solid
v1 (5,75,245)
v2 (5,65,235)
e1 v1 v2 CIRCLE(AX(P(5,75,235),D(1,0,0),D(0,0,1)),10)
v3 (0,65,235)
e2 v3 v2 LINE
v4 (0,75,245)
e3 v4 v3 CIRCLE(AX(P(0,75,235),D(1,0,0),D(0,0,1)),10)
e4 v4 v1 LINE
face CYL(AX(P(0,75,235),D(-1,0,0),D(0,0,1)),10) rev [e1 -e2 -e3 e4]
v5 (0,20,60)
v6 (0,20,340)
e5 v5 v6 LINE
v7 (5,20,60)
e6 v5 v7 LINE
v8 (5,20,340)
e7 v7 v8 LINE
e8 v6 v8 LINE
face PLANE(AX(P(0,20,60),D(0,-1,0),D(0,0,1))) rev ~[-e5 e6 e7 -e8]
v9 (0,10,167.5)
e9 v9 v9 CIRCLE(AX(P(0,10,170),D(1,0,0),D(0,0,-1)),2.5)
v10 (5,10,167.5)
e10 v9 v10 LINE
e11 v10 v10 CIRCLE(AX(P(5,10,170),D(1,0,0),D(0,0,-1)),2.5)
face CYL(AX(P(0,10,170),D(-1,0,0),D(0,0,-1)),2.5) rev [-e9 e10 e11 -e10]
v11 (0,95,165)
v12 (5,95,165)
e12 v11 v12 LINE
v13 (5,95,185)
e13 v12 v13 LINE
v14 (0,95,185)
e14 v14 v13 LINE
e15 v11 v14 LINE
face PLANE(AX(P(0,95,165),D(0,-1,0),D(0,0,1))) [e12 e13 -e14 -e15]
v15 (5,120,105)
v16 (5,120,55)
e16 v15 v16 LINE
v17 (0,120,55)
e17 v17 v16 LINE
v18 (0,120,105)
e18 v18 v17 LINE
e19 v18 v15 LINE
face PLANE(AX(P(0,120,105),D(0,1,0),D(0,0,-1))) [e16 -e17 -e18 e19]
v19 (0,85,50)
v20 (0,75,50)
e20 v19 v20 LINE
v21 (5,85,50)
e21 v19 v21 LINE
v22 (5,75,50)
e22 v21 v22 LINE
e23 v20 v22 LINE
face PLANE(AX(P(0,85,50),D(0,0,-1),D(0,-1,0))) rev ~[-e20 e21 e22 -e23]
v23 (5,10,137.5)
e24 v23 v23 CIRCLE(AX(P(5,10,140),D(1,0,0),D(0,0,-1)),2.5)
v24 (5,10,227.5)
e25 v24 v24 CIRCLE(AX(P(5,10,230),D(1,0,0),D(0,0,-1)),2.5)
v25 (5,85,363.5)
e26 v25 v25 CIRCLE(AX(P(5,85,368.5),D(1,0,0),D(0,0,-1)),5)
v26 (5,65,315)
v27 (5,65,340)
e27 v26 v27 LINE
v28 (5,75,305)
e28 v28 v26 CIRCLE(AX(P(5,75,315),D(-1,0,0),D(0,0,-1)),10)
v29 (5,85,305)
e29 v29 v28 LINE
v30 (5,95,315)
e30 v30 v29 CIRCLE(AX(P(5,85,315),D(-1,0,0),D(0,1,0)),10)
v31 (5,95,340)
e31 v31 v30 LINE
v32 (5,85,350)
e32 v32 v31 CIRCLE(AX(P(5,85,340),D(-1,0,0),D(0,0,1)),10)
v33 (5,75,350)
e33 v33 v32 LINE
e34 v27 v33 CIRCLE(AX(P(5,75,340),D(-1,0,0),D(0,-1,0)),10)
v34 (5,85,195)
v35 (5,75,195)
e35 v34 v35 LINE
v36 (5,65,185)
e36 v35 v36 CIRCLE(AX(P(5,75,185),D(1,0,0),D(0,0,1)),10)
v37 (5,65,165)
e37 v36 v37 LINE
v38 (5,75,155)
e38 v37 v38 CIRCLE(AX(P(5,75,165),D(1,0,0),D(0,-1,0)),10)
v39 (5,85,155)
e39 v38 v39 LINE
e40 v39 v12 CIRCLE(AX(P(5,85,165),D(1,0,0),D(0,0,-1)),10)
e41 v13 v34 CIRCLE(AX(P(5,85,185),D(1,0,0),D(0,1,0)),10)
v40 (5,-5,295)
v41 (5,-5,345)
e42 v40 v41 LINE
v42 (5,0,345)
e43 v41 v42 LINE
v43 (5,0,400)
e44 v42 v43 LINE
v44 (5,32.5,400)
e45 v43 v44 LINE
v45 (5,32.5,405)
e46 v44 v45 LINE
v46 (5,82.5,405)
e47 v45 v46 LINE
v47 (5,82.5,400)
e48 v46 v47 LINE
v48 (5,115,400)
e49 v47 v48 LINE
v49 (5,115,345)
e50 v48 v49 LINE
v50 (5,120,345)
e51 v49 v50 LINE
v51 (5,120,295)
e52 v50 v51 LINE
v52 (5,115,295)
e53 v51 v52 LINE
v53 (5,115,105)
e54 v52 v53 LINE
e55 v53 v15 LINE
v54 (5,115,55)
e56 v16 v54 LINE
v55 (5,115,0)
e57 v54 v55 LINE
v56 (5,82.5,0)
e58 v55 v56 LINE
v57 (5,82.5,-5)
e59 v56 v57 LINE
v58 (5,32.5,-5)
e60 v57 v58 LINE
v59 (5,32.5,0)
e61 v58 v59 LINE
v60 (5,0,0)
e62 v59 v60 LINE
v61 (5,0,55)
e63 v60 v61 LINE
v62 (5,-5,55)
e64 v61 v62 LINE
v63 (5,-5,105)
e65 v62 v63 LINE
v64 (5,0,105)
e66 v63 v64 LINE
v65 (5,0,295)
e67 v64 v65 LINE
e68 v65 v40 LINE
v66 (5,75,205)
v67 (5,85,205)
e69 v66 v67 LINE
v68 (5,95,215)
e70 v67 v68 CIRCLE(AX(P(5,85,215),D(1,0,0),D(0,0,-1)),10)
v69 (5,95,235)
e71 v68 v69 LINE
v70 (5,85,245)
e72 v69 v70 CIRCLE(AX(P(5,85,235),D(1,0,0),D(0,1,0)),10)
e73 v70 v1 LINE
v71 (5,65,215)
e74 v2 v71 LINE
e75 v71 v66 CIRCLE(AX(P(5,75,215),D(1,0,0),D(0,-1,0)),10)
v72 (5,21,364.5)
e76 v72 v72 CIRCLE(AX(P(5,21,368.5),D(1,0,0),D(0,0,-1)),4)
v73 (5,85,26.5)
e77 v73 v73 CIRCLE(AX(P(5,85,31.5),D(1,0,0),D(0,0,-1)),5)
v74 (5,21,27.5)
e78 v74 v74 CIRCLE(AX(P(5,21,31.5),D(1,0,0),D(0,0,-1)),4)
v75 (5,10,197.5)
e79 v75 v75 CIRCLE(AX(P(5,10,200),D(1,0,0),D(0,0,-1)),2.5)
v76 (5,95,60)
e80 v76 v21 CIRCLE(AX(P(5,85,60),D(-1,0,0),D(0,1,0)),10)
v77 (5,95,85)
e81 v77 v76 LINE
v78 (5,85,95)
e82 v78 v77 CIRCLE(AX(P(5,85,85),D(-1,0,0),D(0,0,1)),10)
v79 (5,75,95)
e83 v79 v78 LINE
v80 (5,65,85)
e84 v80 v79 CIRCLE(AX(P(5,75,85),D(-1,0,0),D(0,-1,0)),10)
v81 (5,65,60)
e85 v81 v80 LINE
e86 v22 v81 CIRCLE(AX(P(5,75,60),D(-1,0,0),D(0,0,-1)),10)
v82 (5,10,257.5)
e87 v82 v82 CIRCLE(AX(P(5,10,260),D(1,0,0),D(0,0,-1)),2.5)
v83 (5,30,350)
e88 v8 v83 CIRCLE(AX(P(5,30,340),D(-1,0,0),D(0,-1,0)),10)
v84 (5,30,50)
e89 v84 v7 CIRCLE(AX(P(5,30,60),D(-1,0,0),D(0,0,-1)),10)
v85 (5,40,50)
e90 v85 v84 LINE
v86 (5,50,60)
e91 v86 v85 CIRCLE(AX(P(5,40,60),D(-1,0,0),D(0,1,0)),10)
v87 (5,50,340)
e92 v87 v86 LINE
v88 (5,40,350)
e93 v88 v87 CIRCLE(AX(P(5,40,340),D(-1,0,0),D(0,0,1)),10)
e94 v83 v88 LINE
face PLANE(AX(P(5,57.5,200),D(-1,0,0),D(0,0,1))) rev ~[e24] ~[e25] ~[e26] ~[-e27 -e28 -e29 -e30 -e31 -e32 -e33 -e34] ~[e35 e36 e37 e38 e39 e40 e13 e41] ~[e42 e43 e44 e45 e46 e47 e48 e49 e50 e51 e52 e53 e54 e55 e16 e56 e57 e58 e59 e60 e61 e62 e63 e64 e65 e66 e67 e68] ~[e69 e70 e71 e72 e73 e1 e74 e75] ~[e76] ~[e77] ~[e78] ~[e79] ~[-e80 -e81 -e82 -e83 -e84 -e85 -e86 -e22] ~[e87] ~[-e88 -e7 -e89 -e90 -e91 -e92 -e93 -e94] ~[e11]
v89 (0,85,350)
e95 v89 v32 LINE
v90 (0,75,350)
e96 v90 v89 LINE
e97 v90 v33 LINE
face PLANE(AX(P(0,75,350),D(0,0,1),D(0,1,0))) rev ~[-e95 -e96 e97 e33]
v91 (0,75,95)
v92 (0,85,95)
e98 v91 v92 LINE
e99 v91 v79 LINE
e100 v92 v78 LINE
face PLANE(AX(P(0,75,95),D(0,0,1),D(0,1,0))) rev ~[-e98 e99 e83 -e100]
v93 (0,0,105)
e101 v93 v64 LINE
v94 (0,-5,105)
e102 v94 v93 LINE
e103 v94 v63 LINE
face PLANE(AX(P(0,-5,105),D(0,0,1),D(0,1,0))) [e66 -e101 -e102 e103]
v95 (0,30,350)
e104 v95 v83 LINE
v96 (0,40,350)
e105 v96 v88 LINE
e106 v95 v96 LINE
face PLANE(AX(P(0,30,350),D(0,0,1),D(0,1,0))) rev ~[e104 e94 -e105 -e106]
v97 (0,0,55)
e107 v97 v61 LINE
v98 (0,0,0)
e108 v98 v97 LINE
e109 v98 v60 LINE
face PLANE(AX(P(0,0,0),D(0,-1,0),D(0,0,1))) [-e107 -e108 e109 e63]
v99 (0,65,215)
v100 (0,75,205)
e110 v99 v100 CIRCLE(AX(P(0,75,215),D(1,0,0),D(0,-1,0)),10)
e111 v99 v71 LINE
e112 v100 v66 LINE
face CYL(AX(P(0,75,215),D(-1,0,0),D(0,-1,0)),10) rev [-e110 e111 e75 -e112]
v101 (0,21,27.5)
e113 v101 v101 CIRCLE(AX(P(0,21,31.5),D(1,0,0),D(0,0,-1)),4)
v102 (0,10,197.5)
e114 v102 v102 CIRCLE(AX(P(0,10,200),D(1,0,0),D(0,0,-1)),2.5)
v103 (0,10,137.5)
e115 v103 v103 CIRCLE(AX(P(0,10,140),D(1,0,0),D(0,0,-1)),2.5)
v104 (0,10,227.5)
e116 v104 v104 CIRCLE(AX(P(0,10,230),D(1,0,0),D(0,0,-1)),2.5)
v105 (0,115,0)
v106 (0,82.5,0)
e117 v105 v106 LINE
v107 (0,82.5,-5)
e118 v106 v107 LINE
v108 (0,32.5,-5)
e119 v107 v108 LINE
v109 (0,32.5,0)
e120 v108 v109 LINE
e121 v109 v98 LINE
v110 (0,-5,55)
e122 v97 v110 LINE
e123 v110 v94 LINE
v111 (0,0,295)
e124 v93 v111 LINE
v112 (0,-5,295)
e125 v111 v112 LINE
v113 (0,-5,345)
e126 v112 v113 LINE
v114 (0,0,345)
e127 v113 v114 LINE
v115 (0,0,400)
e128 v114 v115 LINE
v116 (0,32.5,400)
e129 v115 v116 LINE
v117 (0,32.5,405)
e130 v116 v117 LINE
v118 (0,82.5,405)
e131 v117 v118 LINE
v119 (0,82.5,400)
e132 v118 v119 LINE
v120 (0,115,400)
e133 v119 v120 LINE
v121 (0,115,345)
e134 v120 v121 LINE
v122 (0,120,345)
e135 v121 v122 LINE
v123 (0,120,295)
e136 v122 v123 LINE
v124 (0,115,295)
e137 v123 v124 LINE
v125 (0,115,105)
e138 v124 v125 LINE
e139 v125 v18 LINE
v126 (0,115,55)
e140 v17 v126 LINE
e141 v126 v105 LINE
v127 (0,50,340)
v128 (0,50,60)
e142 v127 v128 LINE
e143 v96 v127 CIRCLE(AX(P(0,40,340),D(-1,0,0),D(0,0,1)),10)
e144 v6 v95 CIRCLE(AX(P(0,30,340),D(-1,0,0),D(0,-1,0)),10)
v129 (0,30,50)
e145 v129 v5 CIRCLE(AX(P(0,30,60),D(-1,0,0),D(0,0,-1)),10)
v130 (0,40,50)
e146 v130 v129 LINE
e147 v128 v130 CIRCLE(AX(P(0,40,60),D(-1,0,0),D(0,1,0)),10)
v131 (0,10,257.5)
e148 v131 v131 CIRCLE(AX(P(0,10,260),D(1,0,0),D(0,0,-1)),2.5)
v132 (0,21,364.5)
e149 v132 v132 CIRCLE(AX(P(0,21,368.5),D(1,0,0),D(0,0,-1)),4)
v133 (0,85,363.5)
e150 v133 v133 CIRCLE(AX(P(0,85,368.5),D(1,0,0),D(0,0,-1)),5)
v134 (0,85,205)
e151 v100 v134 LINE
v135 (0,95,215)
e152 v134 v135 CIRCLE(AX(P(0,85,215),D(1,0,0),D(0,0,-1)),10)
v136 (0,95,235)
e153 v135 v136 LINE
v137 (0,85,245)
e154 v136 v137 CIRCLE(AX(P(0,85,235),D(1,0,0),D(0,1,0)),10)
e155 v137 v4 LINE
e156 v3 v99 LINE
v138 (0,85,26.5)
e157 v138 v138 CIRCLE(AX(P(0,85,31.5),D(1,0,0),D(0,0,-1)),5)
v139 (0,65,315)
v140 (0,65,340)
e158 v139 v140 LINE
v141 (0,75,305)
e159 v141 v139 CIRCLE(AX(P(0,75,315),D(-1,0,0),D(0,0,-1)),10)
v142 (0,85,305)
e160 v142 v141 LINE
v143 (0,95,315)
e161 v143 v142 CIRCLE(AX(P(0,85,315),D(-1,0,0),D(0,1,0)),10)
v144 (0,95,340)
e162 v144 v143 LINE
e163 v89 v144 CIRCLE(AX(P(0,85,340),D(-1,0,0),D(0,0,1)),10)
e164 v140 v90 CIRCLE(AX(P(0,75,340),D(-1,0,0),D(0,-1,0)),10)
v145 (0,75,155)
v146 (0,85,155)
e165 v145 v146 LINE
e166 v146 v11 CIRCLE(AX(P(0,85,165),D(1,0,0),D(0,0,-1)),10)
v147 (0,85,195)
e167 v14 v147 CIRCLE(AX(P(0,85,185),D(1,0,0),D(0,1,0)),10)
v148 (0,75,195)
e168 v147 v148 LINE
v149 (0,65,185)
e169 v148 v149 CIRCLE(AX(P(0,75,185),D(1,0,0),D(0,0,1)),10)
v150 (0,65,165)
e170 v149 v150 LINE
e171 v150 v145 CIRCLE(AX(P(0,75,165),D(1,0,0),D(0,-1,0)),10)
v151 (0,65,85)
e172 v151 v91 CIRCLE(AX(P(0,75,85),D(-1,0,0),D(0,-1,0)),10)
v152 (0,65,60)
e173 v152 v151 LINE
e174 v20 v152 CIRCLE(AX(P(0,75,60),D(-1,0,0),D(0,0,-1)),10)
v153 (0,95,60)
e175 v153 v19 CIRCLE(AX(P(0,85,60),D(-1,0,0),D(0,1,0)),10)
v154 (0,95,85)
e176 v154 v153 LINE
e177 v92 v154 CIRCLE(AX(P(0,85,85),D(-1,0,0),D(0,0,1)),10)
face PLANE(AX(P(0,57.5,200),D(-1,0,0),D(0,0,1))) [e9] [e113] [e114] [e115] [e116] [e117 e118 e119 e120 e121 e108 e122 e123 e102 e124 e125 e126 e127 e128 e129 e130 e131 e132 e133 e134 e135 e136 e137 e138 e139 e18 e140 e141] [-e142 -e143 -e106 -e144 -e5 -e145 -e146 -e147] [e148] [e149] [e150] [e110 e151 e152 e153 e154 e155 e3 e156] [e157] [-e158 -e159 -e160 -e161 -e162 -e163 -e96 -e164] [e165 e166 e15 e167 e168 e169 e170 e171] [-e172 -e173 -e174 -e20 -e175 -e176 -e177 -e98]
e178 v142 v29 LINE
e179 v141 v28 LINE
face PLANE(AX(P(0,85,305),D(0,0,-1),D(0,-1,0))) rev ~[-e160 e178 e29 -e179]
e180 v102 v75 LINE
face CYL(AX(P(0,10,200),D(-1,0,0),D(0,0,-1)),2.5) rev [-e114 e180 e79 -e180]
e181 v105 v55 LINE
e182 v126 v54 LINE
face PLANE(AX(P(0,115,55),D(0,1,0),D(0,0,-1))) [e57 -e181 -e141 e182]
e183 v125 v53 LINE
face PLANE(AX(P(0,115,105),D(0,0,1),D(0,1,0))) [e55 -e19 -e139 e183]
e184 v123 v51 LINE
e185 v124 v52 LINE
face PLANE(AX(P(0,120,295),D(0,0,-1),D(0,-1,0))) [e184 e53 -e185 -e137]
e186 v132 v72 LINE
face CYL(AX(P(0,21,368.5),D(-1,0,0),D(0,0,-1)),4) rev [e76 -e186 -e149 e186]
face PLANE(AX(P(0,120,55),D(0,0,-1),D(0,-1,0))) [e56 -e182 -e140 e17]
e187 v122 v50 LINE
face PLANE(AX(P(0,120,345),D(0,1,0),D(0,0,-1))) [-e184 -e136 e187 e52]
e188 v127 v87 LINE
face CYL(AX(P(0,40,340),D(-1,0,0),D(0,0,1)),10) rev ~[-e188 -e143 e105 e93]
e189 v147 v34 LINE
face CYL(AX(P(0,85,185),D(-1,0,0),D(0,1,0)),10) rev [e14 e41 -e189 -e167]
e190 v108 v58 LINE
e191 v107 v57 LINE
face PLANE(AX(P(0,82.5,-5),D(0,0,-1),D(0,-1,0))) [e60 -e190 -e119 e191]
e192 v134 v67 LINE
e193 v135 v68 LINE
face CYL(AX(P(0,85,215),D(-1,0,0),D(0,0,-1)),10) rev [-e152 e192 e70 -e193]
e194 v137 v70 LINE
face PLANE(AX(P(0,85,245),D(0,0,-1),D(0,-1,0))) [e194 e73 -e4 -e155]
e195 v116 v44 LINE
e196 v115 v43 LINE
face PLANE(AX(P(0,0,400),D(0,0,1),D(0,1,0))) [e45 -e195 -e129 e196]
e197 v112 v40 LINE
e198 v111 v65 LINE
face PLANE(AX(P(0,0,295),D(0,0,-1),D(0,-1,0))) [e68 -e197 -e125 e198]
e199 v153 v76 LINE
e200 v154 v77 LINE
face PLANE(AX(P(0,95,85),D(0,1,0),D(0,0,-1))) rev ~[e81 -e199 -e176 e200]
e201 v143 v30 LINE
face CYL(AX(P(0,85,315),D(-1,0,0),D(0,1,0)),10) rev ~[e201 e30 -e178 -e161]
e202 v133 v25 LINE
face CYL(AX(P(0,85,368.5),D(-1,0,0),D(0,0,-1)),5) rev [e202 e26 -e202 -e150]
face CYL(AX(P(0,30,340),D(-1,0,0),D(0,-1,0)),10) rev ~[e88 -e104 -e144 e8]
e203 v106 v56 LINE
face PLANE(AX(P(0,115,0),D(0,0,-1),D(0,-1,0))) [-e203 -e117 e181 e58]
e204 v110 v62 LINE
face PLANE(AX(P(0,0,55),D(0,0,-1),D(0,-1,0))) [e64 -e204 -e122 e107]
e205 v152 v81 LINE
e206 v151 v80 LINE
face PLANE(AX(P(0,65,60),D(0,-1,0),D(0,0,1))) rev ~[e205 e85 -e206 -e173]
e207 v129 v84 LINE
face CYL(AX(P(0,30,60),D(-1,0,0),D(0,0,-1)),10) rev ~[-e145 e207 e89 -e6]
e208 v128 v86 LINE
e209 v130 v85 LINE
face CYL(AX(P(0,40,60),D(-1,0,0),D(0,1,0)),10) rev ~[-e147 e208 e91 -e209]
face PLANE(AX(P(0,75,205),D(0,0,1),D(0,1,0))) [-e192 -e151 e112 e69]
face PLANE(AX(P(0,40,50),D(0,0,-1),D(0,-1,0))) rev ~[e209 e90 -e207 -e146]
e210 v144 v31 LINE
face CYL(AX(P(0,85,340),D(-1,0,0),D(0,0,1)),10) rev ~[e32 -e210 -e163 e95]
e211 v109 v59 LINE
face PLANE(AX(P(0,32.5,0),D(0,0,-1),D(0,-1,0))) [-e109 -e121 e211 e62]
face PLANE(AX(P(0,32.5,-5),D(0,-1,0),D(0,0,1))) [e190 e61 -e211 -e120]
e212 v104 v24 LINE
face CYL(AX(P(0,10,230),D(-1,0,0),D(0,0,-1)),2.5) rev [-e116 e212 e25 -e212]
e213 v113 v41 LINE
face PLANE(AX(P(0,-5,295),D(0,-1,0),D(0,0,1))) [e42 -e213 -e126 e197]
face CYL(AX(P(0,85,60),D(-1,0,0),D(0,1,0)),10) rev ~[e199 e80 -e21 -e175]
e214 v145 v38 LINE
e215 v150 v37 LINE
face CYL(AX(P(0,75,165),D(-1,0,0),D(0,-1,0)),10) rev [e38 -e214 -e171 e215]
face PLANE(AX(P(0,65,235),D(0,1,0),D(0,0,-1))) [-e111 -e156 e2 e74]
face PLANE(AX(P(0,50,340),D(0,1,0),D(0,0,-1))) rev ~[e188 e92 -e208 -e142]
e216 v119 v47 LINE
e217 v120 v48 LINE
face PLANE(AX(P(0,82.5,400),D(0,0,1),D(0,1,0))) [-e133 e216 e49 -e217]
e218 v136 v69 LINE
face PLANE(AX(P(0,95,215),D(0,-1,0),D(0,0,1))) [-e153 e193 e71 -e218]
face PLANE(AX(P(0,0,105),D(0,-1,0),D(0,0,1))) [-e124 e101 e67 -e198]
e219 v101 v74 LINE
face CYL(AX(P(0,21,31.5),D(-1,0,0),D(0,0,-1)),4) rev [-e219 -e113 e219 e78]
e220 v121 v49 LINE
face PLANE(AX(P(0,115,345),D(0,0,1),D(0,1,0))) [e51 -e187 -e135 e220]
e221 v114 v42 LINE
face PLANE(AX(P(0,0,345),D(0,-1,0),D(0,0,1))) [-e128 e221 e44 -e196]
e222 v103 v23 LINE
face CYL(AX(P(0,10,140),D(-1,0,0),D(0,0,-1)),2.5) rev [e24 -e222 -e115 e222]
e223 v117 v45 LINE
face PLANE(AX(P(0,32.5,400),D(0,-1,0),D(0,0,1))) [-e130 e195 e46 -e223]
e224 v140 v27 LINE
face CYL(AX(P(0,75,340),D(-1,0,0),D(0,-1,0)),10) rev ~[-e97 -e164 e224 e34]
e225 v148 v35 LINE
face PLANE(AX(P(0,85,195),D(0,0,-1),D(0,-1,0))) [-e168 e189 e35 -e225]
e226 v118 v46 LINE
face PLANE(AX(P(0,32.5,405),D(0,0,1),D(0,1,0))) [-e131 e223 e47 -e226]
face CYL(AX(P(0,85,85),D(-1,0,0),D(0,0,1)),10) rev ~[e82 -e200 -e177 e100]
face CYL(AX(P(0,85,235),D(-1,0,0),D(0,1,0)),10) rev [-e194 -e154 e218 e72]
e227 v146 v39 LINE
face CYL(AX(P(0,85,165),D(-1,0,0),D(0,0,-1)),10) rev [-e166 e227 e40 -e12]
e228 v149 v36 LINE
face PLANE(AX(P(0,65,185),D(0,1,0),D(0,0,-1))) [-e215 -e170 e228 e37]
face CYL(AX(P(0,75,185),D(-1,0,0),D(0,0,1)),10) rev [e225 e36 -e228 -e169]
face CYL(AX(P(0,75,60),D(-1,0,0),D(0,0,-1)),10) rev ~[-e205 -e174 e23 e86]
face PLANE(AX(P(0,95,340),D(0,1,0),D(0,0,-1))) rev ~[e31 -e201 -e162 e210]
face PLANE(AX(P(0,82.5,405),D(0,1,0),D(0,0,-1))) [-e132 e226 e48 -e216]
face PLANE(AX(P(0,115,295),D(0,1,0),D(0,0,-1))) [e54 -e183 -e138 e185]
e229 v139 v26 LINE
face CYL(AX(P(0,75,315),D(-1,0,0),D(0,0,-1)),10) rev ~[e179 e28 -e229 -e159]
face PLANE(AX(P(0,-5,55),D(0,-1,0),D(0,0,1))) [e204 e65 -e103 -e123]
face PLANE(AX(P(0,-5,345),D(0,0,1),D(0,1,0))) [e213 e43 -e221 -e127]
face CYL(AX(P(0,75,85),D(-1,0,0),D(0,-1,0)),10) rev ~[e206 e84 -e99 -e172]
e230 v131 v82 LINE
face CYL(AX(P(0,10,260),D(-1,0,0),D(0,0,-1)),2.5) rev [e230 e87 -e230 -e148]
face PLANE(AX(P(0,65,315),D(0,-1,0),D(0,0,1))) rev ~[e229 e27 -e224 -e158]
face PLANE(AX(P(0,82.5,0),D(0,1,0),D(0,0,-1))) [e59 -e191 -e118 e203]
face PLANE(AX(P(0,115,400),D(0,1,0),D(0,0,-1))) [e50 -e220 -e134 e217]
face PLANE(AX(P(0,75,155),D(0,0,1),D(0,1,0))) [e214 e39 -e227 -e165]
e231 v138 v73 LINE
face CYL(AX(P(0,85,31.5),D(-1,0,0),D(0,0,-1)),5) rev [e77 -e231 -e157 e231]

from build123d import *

# Parameters (mm, degrees)
SKETCH_1_R      = 5
SKETCH_1_R_2    = 4
SKETCH_1_R_3    = 2.5
EXTRUDE_1_DEPTH = 5


with BuildPart() as part:
    # 草图1 → 凸台-拉伸1 (new body)
    with BuildSketch(Plane(origin=(0, 0, 0), x_dir=(0, 0, -1), z_dir=(1, 0, 0))):
        Polygon((-400, 82.5), (-400, 115), (-345, 115), (-345, 120), (-295, 120), (-295, 115), (-105, 115), (-105, 120), (-55, 120), (-55, 115), (0, 115), (0, 82.5), (5, 82.5), (5, 32.5), (0, 32.5), (0, 0), (-55, 0), (-55, -5), (-105, -5), (-105, 0), (-295, 0), (-295, -5), (-345, -5), (-345, 0), (-400, 0), (-400, 32.5), (-405, 32.5), (-405, 82.5), align=None)
        with Locations((-368.5, 85)):
            Circle(SKETCH_1_R, mode=Mode.SUBTRACT)
        with Locations((-368.5, 21)):
            Circle(SKETCH_1_R_2, mode=Mode.SUBTRACT)
        with Locations((-31.5, 21)):
            Circle(SKETCH_1_R_2, mode=Mode.SUBTRACT)
        with Locations((-31.5, 85)):
            Circle(SKETCH_1_R, mode=Mode.SUBTRACT)
        with Locations((-200, 10)):
            Circle(SKETCH_1_R_3, mode=Mode.SUBTRACT)
        with Locations((-170, 10)):
            Circle(SKETCH_1_R_3, mode=Mode.SUBTRACT)
        with Locations((-140, 10)):
            Circle(SKETCH_1_R_3, mode=Mode.SUBTRACT)
        with Locations((-230, 10)):
            Circle(SKETCH_1_R_3, mode=Mode.SUBTRACT)
        with Locations((-260, 10)):
            Circle(SKETCH_1_R_3, mode=Mode.SUBTRACT)
        with BuildLine():
            Line((-340, 50), (-60, 50))
            ThreePointArc((-60, 50), (-52.928932188, 47.071067812), (-50, 40))
            Line((-50, 40), (-50, 30))
            ThreePointArc((-50, 30), (-52.928932188, 22.928932188), (-60, 20))
            Line((-60, 20), (-340, 20))
            ThreePointArc((-340, 20), (-347.071067812, 22.928932188), (-350, 30))
            Line((-350, 30), (-350, 40))
            ThreePointArc((-350, 40), (-347.071067812, 47.071067812), (-340, 50))
        make_face(mode=Mode.SUBTRACT)
        with BuildLine():
            Line((-340, 95), (-315, 95))
            ThreePointArc((-315, 95), (-307.928932188, 92.071067812), (-305, 85))
            Line((-305, 85), (-305, 75))
            ThreePointArc((-305, 75), (-307.928932188, 67.928932188), (-315, 65))
            Line((-315, 65), (-340, 65))
            ThreePointArc((-340, 65), (-347.071067812, 67.928932188), (-350, 75))
            Line((-350, 75), (-350, 85))
            ThreePointArc((-350, 85), (-347.071067812, 92.071067812), (-340, 95))
        make_face(mode=Mode.SUBTRACT)
        with BuildLine():
            Line((-50, 85), (-50, 75))
            ThreePointArc((-50, 75), (-52.928932188, 67.928932188), (-60, 65))
            Line((-60, 65), (-85, 65))
            ThreePointArc((-85, 65), (-92.071067812, 67.928932188), (-95, 75))
            Line((-95, 75), (-95, 85))
            ThreePointArc((-95, 85), (-92.071067812, 92.071067812), (-85, 95))
            Line((-85, 95), (-60, 95))
            ThreePointArc((-60, 95), (-52.928932188, 92.071067812), (-50, 85))
        make_face(mode=Mode.SUBTRACT)
        with BuildLine():
            Line((-185, 65), (-165, 65))
            ThreePointArc((-165, 65), (-157.928932188, 67.928932188), (-155, 75))
            Line((-155, 75), (-155, 85))
            ThreePointArc((-155, 85), (-157.928932188, 92.071067812), (-165, 95))
            Line((-165, 95), (-185, 95))
            ThreePointArc((-185, 95), (-192.071067812, 92.071067812), (-195, 85))
            Line((-195, 85), (-195, 75))
            ThreePointArc((-195, 75), (-192.071067812, 67.928932188), (-185, 65))
        make_face(mode=Mode.SUBTRACT)
        with BuildLine():
            Line((-235, 65), (-215, 65))
            ThreePointArc((-215, 65), (-207.928932188, 67.928932188), (-205, 75))
            Line((-205, 75), (-205, 85))
            ThreePointArc((-205, 85), (-207.928932188, 92.071067812), (-215, 95))
            Line((-215, 95), (-235, 95))
            ThreePointArc((-235, 95), (-242.071067812, 92.071067812), (-245, 85))
            Line((-245, 85), (-245, 75))
            ThreePointArc((-245, 75), (-242.071067812, 67.928932188), (-235, 65))
        make_face(mode=Mode.SUBTRACT)
    extrude(amount=EXTRUDE_1_DEPTH)


solid = part.part
